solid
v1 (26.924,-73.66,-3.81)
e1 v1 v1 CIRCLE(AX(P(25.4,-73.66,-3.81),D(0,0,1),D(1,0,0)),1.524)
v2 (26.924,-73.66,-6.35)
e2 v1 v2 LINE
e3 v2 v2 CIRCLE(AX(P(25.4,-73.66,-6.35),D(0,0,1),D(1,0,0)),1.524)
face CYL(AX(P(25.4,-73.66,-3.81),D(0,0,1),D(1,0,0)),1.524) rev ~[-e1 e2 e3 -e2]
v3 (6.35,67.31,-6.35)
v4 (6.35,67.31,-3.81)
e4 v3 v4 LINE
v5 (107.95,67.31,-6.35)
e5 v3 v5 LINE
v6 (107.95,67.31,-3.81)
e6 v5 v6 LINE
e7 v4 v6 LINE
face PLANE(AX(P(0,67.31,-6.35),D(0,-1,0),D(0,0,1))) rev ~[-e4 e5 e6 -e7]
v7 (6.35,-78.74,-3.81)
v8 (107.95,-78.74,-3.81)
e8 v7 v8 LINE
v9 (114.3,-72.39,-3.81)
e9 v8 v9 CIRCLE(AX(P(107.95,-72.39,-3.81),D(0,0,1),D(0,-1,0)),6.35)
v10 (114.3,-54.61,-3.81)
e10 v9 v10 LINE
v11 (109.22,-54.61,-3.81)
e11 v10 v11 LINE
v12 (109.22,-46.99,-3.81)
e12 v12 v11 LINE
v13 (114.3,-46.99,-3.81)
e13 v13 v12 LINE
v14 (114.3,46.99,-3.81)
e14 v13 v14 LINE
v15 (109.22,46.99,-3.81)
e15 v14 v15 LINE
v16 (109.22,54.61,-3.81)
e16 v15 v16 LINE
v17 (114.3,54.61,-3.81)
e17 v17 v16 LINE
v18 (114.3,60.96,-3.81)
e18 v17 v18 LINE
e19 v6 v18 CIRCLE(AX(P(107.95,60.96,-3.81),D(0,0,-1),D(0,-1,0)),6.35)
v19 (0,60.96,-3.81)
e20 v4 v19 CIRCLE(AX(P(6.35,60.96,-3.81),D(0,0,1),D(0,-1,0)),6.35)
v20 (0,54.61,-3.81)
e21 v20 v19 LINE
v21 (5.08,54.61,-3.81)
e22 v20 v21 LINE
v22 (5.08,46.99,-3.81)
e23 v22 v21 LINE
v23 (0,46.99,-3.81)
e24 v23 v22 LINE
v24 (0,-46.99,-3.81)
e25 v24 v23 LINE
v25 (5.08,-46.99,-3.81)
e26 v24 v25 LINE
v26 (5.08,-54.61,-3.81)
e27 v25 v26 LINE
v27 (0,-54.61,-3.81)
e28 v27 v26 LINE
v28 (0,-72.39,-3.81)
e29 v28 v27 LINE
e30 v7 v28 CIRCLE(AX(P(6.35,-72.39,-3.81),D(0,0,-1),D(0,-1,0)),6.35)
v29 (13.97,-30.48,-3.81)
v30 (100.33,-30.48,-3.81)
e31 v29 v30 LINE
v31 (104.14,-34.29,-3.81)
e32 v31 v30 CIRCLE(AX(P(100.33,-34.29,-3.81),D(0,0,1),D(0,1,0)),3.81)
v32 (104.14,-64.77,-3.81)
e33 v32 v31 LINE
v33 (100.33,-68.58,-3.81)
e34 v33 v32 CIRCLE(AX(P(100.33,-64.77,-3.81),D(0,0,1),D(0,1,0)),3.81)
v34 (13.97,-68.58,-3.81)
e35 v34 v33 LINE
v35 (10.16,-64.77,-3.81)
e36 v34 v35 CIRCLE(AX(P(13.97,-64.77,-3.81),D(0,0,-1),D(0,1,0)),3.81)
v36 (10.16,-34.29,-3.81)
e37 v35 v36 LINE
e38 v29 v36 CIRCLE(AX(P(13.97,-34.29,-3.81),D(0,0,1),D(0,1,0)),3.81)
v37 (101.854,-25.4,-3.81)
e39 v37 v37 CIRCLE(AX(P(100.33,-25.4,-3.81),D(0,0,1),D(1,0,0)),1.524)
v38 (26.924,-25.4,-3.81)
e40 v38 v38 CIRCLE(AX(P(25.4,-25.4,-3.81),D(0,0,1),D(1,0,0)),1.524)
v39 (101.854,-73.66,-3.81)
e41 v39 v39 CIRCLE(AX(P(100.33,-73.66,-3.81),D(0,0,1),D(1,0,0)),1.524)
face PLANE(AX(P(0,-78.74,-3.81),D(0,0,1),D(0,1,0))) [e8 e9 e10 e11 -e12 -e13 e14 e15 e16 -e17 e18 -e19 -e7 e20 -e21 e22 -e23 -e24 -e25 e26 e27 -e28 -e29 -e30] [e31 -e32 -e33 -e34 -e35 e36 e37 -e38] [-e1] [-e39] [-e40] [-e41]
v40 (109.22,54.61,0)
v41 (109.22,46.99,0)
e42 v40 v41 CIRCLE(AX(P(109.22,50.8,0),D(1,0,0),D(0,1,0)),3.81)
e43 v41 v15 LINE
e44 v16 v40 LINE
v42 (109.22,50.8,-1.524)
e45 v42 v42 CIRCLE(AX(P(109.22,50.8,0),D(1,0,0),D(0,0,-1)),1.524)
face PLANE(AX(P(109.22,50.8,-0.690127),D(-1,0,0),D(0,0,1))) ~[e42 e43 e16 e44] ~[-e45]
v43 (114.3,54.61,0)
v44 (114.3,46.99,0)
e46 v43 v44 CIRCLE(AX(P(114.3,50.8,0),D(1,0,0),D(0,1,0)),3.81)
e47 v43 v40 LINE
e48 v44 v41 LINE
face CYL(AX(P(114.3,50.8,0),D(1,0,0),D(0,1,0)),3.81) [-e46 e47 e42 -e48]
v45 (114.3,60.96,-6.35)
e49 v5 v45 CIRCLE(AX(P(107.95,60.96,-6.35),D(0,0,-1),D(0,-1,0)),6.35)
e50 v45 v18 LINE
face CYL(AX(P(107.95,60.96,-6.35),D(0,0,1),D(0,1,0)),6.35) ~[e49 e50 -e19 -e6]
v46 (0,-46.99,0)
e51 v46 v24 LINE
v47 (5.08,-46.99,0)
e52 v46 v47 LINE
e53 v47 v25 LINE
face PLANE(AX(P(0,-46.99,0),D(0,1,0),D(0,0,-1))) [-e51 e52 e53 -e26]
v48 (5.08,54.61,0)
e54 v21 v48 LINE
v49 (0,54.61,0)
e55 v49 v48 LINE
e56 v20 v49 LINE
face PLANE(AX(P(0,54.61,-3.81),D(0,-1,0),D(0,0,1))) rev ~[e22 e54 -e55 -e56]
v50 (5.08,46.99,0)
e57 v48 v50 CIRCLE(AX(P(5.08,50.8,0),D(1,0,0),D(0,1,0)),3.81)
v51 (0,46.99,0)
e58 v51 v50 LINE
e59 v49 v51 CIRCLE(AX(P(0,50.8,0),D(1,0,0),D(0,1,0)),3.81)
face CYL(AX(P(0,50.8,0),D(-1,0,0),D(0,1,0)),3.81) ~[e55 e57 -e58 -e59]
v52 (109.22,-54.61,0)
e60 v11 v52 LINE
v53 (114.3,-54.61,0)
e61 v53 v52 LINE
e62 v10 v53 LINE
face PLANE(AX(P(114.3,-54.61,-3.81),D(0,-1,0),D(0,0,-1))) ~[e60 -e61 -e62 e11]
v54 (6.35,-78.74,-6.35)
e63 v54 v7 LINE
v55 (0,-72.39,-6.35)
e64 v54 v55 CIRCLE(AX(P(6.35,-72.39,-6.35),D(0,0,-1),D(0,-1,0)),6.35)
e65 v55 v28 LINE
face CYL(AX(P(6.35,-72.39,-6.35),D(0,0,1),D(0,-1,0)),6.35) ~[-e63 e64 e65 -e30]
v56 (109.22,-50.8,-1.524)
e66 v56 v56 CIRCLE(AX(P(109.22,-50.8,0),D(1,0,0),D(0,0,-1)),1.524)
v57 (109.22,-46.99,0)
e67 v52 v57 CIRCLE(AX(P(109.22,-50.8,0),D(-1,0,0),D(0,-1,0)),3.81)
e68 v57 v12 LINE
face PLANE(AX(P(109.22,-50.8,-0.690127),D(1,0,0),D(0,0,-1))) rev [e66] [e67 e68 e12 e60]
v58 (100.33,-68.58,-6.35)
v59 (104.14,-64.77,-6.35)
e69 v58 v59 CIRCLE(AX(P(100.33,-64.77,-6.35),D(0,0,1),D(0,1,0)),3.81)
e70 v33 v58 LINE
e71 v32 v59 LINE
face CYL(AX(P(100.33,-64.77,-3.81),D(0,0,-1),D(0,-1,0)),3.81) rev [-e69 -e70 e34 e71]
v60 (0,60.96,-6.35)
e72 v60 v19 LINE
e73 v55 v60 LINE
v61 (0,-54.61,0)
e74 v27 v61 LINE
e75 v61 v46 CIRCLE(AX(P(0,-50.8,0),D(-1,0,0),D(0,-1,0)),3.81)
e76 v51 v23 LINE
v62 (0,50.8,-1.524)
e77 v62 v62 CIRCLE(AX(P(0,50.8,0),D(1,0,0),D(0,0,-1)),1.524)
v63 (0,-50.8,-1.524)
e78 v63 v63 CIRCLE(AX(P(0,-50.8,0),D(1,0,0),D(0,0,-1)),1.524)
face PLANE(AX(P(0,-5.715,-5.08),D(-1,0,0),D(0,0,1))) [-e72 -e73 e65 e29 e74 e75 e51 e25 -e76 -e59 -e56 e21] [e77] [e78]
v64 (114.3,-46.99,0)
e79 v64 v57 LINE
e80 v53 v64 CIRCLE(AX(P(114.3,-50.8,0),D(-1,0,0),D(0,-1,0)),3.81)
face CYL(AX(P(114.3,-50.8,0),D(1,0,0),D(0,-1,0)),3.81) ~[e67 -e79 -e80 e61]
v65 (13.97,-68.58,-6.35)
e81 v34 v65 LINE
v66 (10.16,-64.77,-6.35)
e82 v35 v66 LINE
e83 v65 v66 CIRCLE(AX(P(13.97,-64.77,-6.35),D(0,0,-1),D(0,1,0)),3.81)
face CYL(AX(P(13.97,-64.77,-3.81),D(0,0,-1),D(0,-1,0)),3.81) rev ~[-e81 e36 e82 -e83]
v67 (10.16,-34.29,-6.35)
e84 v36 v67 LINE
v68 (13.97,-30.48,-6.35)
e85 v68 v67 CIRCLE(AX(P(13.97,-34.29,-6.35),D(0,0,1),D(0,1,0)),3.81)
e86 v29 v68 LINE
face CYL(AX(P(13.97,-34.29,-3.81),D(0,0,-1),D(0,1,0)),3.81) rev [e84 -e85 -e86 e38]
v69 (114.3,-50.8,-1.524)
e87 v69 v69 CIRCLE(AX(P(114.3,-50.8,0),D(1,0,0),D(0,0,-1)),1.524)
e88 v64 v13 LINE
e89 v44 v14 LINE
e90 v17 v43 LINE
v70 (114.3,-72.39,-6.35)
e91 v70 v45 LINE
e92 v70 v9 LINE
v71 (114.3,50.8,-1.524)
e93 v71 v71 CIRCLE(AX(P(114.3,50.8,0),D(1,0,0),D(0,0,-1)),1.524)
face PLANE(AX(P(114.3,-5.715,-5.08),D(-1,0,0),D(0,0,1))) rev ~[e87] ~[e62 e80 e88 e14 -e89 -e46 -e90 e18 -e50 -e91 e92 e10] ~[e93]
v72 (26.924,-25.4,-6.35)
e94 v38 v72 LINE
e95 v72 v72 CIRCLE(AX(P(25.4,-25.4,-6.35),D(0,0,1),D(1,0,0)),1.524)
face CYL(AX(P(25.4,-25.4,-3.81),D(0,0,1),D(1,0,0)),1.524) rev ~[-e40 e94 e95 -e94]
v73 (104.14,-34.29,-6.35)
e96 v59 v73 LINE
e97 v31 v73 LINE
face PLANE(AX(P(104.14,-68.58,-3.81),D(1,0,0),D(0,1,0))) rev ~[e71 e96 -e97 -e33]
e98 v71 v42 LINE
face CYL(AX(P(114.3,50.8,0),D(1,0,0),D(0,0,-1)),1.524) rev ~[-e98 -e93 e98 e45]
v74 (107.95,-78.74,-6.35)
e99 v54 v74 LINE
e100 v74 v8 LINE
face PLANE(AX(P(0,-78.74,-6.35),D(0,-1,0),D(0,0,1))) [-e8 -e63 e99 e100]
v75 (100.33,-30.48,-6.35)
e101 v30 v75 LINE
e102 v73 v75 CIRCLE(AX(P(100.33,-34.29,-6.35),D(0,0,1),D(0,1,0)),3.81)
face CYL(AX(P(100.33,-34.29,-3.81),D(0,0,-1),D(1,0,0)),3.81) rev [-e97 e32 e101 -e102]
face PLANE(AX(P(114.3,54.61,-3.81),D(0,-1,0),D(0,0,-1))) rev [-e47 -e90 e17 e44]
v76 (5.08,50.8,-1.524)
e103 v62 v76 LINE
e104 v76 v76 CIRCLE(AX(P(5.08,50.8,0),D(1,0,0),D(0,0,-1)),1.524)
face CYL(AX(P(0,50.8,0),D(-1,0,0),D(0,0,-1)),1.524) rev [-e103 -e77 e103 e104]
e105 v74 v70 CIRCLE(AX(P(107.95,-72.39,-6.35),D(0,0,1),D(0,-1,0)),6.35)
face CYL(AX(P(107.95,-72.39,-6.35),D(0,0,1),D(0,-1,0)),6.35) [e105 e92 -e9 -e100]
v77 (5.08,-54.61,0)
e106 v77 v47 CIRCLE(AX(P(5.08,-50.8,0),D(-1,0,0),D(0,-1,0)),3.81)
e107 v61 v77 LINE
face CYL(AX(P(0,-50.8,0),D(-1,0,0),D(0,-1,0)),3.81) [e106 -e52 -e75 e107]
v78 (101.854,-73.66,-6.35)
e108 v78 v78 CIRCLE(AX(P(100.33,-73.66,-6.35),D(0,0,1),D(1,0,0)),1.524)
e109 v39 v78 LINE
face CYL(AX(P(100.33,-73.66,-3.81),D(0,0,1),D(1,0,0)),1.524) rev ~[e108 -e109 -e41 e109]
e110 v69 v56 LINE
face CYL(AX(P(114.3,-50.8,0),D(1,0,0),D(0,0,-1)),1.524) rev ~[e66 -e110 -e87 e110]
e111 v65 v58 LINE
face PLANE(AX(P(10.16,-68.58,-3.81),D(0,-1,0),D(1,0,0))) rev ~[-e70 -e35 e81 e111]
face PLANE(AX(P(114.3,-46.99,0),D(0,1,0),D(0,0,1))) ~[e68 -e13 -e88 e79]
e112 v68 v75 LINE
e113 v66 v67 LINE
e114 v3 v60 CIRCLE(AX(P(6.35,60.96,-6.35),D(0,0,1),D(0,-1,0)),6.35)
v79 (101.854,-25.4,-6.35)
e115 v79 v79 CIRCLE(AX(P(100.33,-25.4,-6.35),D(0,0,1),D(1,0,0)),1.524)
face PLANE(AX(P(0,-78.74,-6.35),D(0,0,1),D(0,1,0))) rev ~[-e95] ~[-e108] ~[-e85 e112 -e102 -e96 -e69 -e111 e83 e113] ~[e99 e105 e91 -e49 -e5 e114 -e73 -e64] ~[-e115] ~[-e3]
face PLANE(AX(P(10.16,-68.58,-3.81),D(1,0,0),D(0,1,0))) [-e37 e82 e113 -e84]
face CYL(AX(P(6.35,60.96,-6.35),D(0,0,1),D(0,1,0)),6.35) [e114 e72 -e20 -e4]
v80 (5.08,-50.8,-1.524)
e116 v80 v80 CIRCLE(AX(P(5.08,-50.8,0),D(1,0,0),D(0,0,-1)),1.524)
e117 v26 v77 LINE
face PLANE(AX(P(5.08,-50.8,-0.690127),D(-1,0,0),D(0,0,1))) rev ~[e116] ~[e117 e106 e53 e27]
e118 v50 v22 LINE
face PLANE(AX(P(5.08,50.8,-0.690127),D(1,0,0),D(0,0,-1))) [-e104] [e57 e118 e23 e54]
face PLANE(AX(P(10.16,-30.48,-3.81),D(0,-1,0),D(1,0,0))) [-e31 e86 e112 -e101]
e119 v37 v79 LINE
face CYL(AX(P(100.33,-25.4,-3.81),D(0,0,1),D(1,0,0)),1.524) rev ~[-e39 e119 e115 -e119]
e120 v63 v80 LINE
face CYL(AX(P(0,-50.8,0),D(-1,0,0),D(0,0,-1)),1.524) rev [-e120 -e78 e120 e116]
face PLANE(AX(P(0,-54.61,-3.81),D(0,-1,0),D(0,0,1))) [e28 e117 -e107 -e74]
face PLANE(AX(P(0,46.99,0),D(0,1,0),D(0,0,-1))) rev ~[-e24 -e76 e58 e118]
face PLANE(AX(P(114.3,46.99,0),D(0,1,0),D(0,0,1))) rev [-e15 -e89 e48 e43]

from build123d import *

# Parameters (mm, degrees)
SKETCH1_R                        = 1.524
SCREW_HOLES_DEPTH                = 5.08
SCREW_HOLES_2_DEPTH              = 5.08
SKETCH2_W                        = 2.54
SKETCH2_H                        = 146.05
MAIN_EXTRUDE_DEPTH               = 114.3
FILLET1_R                        = 6.35
SKETCH3_R                        = 1.524
COMPONENT_MOUNT_HOLES_DEPTH      = 8.62
COMPONENT_MOUNT_HOLES_DEPTH_BACK = 3.54
SKETCH4_W                        = 93.98
SKETCH4_H                        = 38.1
WEIGHT_REDUCTION_DEPTH           = 8.62
WEIGHT_REDUCTION_DEPTH_BACK      = 3.54
FILLET2_R                        = 3.81


with BuildPart() as part:
    # Sketch1 → Screw holes (new body)
    with BuildSketch(Plane(origin=(0, 0, 0), x_dir=(0, 0, -1), z_dir=(1, 0, 0))):
        with BuildLine():
            Line((0, 46.99), (3.81, 46.99))
            Line((3.81, 46.99), (3.81, 54.61))
            Line((3.81, 54.61), (0, 54.61))
            ThreePointArc((0, 54.61), (-3.81, 50.8), (0, 46.99))
        make_face()
        with Locations((0, 50.8)):
            Circle(SKETCH1_R, mode=Mode.SUBTRACT)
    screw_holes = extrude(amount=SCREW_HOLES_DEPTH)



with BuildPart() as body_2:
    # Sketch1 → Screw holes 2 (new body)
    with BuildSketch(Plane(origin=(0, 0, 0), x_dir=(0, 0, -1), z_dir=(1, 0, 0))):
        with BuildLine():
            Line((3.81, -54.61), (0, -54.61))
            ThreePointArc((0, -54.61), (-3.81, -50.8), (0, -46.99))
            Line((0, -46.99), (3.81, -46.99))
            Line((3.81, -46.99), (3.81, -54.61))
        make_face()
        with Locations((0, -50.8)):
            Circle(SKETCH1_R, mode=Mode.SUBTRACT)
    screw_holes_2 = extrude(amount=SCREW_HOLES_2_DEPTH)


with BuildPart() as part_1:
    add(part.part)

    add(body_2.part)  # Main extrude merges body 2
    # Sketch2 → Main extrude (add)
    with BuildSketch(Plane.ZY):
        with Locations((-5.08, -5.715)):
            Rectangle(SKETCH2_W, SKETCH2_H)
    extrude(amount=-MAIN_EXTRUDE_DEPTH)

    # Screw holes 2 2: Screw holes, Screw holes 2 across plane
    add(screw_holes.mirror(Plane.ZY.offset(-57.15)))
    add(screw_holes_2.mirror(Plane.ZY.offset(-57.15)))

    # Fillet1
    fillet1_edges = [part_1.edges().sort_by_distance(p)[0] for p in [
        (114.3, -78.74, -5.08),
        (114.3, 67.31, -5.08),
        (0, 67.31, -5.08),
        (0, -78.74, -5.08),
    ]]
    fillet(fillet1_edges, radius=FILLET1_R)

    # Sketch3 → Component mount holes (cut, two sides)
    with BuildSketch(Plane.XY.offset(-3.81)) as component_mount_holes_sk:
        with Locations((25.4, -25.4)):
            Circle(SKETCH3_R)
        with Locations((100.33, -25.4)):
            Circle(SKETCH3_R)
        with Locations((100.33, -73.66)):
            Circle(SKETCH3_R)
        with Locations((25.4, -73.66)):
            Circle(SKETCH3_R)
    extrude(amount=COMPONENT_MOUNT_HOLES_DEPTH, mode=Mode.SUBTRACT)
    extrude(component_mount_holes_sk.sketch, amount=-COMPONENT_MOUNT_HOLES_DEPTH_BACK, mode=Mode.SUBTRACT)

    # Sketch4 → Weight reduction (cut, two sides)
    with BuildSketch(Plane.XY.offset(-3.81)) as weight_reduction_sk:
        with Locations((57.15, -49.53)):
            Rectangle(SKETCH4_W, SKETCH4_H)
    extrude(amount=WEIGHT_REDUCTION_DEPTH, mode=Mode.SUBTRACT)
    extrude(weight_reduction_sk.sketch, amount=-WEIGHT_REDUCTION_DEPTH_BACK, mode=Mode.SUBTRACT)

    # Fillet2
    fillet2_edges = [part_1.edges().sort_by_distance(p)[0] for p in [
        (10.16, -68.58, -5.08),
        (10.16, -30.48, -5.08),
        (104.14, -30.48, -5.08),
        (104.14, -68.58, -5.08),
    ]]
    fillet(fillet2_edges, radius=FILLET2_R)


solid = part_1.part
